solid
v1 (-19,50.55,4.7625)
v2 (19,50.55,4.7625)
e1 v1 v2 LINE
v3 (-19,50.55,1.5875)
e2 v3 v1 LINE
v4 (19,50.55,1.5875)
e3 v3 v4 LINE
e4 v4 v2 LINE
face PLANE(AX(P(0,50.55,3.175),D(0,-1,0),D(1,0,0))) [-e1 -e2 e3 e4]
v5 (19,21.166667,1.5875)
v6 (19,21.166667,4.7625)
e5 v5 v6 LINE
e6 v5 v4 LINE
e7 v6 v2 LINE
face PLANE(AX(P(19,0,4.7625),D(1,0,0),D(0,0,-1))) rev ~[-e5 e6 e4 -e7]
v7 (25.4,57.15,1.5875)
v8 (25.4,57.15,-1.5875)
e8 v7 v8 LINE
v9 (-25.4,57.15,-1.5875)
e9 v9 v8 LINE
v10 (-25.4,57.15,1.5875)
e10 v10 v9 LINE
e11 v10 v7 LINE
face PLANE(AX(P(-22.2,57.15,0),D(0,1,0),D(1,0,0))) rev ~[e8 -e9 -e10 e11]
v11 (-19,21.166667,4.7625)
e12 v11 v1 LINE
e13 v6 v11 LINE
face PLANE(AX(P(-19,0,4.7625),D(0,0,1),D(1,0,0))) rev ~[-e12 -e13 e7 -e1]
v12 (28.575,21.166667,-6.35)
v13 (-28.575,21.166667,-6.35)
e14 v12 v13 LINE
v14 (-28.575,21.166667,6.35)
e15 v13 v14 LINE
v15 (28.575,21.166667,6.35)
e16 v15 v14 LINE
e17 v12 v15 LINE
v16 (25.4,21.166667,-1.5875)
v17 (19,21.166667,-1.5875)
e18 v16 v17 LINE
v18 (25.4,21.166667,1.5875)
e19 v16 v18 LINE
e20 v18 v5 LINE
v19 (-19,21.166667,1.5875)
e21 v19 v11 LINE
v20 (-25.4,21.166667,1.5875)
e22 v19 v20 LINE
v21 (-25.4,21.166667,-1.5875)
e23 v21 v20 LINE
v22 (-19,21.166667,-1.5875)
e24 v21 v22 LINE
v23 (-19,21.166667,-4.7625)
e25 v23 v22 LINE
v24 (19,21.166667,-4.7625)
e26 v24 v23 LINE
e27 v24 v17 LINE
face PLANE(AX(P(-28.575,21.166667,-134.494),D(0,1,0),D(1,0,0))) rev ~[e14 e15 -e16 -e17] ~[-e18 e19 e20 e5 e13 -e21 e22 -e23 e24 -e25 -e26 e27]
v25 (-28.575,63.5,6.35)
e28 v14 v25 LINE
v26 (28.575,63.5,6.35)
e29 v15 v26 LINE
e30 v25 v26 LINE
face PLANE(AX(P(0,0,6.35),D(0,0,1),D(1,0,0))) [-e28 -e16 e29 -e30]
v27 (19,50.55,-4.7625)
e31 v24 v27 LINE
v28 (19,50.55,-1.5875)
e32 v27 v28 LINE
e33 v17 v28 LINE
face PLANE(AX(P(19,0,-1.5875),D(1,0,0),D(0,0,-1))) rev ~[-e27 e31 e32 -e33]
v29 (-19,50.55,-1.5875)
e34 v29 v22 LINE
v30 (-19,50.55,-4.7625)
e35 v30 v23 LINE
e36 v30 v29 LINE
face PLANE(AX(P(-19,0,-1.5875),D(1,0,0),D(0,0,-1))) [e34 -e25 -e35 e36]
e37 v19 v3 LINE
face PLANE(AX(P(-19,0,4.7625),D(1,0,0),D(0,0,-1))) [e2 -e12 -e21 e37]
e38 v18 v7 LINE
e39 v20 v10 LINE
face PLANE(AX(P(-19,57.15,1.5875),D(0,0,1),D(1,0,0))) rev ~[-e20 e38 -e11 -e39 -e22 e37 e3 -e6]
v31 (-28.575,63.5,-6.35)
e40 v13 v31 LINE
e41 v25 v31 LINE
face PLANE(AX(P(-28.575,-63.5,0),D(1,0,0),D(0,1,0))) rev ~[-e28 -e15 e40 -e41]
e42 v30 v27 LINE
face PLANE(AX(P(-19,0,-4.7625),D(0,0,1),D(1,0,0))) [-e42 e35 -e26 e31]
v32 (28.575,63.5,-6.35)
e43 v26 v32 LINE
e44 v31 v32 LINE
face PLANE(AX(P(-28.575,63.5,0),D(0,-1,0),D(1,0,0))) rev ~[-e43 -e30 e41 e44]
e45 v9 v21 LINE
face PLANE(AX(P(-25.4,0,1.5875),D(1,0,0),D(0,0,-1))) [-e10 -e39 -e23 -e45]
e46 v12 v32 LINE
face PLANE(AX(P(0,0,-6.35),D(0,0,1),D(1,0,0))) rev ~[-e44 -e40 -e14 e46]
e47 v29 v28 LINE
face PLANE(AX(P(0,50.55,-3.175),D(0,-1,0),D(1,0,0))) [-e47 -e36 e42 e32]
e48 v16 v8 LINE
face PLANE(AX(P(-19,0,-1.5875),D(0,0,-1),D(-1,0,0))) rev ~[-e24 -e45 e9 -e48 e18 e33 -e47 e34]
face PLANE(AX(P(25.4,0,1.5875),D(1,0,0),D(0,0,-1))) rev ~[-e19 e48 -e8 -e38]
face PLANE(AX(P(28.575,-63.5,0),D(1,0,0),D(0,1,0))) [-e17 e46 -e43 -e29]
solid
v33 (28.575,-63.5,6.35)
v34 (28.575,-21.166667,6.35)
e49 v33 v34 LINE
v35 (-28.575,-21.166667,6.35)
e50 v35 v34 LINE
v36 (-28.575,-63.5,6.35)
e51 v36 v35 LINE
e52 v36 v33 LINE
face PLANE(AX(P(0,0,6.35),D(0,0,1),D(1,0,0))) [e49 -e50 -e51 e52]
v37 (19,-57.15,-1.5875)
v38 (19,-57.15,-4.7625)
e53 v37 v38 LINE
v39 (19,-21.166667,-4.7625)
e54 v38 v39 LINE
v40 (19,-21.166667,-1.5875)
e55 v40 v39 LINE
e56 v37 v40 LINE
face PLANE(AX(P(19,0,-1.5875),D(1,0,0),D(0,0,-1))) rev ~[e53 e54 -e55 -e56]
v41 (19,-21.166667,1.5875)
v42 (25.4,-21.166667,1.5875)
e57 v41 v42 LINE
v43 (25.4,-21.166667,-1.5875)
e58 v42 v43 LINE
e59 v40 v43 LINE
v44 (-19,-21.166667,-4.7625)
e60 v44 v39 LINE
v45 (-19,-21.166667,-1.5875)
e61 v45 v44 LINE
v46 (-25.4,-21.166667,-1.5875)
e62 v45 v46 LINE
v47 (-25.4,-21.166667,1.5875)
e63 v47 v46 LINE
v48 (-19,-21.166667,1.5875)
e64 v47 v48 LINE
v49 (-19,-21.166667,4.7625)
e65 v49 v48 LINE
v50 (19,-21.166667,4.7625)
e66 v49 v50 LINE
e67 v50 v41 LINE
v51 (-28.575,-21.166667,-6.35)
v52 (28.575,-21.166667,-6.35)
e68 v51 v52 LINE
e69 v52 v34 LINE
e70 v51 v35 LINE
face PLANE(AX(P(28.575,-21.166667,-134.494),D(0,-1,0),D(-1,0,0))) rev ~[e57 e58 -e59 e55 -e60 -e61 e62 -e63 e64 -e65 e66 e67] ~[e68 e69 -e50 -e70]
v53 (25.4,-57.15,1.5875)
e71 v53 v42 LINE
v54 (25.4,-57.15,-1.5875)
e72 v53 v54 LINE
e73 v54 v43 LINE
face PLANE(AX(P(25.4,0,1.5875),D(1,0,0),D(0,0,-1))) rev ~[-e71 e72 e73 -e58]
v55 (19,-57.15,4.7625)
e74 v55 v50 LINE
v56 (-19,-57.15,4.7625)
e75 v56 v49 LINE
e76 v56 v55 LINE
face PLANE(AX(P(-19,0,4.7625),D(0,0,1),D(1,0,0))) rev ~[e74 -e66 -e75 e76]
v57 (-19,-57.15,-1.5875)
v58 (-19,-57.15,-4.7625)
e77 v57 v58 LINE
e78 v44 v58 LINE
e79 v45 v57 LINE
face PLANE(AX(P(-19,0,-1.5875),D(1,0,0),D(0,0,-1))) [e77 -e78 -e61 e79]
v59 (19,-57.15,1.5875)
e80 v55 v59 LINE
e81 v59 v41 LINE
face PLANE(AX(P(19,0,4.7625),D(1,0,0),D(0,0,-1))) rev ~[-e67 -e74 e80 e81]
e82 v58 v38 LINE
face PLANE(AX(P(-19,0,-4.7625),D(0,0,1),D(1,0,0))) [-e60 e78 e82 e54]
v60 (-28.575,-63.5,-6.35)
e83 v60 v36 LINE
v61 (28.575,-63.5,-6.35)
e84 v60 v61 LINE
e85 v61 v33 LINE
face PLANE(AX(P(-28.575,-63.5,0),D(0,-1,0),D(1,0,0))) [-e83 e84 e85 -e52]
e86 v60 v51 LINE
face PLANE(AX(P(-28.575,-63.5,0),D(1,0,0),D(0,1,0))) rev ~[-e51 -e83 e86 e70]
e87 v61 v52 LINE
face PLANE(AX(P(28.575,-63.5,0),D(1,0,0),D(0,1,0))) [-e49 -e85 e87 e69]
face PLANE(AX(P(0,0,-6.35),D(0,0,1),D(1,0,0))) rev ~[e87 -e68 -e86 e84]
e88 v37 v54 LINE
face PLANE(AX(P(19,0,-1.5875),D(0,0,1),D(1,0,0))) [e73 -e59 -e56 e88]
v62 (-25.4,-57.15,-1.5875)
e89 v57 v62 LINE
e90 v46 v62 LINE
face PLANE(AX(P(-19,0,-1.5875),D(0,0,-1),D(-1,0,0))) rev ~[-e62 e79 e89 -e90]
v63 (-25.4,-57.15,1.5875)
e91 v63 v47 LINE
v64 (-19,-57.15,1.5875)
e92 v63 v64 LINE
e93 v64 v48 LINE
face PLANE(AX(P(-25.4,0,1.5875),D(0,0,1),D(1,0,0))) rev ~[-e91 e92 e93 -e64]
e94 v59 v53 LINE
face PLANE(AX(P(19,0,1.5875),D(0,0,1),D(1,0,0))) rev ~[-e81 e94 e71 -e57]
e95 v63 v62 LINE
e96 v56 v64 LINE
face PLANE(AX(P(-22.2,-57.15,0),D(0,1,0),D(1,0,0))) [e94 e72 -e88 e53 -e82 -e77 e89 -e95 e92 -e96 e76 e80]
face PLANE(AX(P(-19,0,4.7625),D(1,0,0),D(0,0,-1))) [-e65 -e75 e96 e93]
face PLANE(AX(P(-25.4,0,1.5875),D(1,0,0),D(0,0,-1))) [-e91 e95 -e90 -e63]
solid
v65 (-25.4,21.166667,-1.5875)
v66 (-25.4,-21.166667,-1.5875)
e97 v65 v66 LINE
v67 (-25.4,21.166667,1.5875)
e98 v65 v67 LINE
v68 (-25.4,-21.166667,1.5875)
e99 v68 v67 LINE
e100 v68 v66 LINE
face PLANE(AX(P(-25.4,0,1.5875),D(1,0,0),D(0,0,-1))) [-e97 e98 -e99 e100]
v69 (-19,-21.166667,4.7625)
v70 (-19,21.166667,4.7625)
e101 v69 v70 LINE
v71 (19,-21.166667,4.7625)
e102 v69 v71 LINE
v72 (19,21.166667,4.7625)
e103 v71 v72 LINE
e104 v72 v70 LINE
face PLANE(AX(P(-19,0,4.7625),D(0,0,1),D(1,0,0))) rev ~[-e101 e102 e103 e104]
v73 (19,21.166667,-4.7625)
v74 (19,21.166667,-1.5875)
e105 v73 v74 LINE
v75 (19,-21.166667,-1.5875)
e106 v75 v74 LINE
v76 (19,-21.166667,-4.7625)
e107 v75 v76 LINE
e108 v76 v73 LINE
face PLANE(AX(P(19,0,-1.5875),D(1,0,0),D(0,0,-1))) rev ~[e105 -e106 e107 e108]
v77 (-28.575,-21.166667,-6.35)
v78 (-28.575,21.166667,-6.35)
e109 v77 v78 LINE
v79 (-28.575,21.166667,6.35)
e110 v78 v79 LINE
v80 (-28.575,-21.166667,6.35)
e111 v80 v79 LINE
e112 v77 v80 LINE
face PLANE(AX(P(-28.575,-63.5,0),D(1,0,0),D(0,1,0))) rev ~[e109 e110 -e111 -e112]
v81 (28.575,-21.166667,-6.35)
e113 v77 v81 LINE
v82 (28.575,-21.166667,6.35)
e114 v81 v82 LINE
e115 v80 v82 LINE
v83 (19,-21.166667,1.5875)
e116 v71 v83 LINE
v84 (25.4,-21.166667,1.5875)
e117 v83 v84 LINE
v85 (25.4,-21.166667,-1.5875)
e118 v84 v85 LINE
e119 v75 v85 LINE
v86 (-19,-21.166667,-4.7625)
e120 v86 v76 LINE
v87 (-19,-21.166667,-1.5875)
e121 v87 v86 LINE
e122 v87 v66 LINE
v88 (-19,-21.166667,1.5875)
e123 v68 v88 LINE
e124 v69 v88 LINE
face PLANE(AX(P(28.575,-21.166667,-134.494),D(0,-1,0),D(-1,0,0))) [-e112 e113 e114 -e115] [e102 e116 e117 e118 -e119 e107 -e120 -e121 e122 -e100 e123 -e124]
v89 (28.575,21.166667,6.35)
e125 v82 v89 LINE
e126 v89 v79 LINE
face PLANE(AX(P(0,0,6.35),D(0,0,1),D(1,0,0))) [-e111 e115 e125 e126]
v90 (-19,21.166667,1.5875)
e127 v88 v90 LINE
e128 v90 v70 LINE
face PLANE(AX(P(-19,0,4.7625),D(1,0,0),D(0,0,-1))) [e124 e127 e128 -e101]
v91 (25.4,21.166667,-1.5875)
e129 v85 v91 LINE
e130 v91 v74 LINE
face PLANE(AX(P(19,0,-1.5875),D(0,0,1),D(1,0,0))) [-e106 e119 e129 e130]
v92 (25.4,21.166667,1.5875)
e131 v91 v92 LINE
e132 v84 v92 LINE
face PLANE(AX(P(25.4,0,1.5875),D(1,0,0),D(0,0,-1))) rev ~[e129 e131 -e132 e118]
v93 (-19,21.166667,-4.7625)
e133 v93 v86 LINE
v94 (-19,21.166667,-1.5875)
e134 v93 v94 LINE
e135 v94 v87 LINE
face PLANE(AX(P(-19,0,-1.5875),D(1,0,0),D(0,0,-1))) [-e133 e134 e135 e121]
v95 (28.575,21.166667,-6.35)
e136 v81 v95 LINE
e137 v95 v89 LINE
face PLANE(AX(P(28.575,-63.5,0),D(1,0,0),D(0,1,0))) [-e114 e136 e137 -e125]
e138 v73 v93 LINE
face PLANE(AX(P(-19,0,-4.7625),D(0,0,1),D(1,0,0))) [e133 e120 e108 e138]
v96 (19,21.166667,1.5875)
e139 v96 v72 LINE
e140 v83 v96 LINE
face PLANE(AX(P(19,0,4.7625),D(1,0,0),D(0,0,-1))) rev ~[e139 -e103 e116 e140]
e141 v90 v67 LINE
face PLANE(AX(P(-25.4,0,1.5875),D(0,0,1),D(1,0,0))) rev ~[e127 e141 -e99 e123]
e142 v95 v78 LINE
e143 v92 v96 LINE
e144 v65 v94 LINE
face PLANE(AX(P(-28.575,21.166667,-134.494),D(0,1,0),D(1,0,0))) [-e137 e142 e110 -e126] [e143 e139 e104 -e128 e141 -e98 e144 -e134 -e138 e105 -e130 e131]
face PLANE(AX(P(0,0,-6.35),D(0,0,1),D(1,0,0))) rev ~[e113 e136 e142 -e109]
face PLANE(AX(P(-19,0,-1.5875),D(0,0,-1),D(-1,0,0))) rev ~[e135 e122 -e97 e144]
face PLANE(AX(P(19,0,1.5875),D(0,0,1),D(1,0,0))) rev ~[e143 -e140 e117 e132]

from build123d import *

# Parameters (mm, degrees)
SKETCH1_W                = 57.15
SKETCH1_H                = 127
BOSS_EXTRUDE1_DEPTH      = 6.35
SKETCH2_W                = 6.400000027
SKETCH2_H                = 3.175
SKETCH2_W_2              = 37.999999946
CUT_EXTRUDE1_DEPTH       = 57.15
SPLIT1_SURFACE_1_1_BACK  = 140.844
SPLIT1_SURFACE_1_1_DEPTH = 281.688
SPLIT1_SURFACE_1_2_BACK  = 140.844
SPLIT1_SURFACE_1_2_DEPTH = 281.688
SPLIT1_SURFACE_2_3_BACK  = 140.844
SPLIT1_SURFACE_2_3_DEPTH = 281.688
SPLIT1_SURFACE_2_4_BACK  = 140.844
SPLIT1_SURFACE_2_4_DEPTH = 281.688
SKETCH4_W                = 37.999999946
SKETCH4_H                = 3.175
BOSS_EXTRUDE2_DEPTH      = 6.600000008


with BuildPart() as part:
    # Sketch1 → Boss-Extrude1 (new, symmetric)
    with BuildSketch(Plane.XY):
        Rectangle(SKETCH1_W, SKETCH1_H)
    extrude(amount=BOSS_EXTRUDE1_DEPTH, both=True)

    # Sketch2 → Cut-Extrude1 (cut, symmetric)
    with BuildSketch(Plane(origin=(0, 0, 0), x_dir=(1, 0, 0), z_dir=(0, 1, 0))):
        with Locations((-22.199999987, 0)):
            Rectangle(SKETCH2_W, SKETCH2_H)
        Rectangle(SKETCH2_W_2, SKETCH2_H)
        with Locations((0, 3.175)):
            Rectangle(SKETCH2_W_2, SKETCH2_H)
        with Locations((0, -3.175)):
            Rectangle(SKETCH2_W_2, SKETCH2_H)
        with Locations((22.199999987, 0)):
            Rectangle(SKETCH2_W, SKETCH2_H)
    extrude(amount=CUT_EXTRUDE1_DEPTH, both=True, mode=Mode.SUBTRACT)


with BuildPart() as body_2:
    # Split1: the piece behind the surface
    add(part.part)
    # Split1 surface 1: a surface, the sketch's curves swept straight by 281.688 mm
    with BuildLine(Plane.XY.offset(6.35).offset(-SPLIT1_SURFACE_1_1_BACK), mode=Mode.PRIVATE) as split1_surface_1_1_path:
        Line((-28.575, 21.166666667), (28.575, 21.166666667))
    split1_surface_1_1 = Shell.extrude(split1_surface_1_1_path.wire(), (0 * SPLIT1_SURFACE_1_1_DEPTH, 0 * SPLIT1_SURFACE_1_1_DEPTH, 1 * SPLIT1_SURFACE_1_1_DEPTH))
    split(bisect_by=split1_surface_1_1, keep=Keep.BOTTOM)


with BuildPart() as part_1:
    add(part.part)

    # Split1: split by a surface, the side it looks to stays
    # Split1 surface 1: a surface, the sketch's curves swept straight by 281.688 mm
    with BuildLine(Plane.XY.offset(6.35).offset(-SPLIT1_SURFACE_1_2_BACK), mode=Mode.PRIVATE) as split1_surface_1_2_path:
        Line((-28.575, 21.166666667), (28.575, 21.166666667))
    split1_surface_1_2 = Shell.extrude(split1_surface_1_2_path.wire(), (0 * SPLIT1_SURFACE_1_2_DEPTH, 0 * SPLIT1_SURFACE_1_2_DEPTH, 1 * SPLIT1_SURFACE_1_2_DEPTH))
    split(bisect_by=split1_surface_1_2, keep=Keep.TOP)

    # Sketch4 → Boss-Extrude2 (add)
    with BuildSketch(Plane.XZ.offset(-57.15)):
        with Locations((0, 3.175)):
            Rectangle(SKETCH4_W, SKETCH4_H)
        with Locations((0, -3.175)):
            Rectangle(SKETCH4_W, SKETCH4_H)
    extrude(amount=BOSS_EXTRUDE2_DEPTH)


with BuildPart() as body_3:
    # Split1 2 body 2: the piece behind the surface
    add(body_2.part)
    # Split1 surface 2: a surface, the sketch's curves swept straight by 281.688 mm
    with BuildLine(Plane.XY.offset(6.35).offset(-SPLIT1_SURFACE_2_3_BACK), mode=Mode.PRIVATE) as split1_surface_2_3_path:
        Line((28.575, -21.166666667), (-28.575, -21.166666667))
    split1_surface_2_3 = Shell.extrude(split1_surface_2_3_path.wire(), (0 * SPLIT1_SURFACE_2_3_DEPTH, 0 * SPLIT1_SURFACE_2_3_DEPTH, 1 * SPLIT1_SURFACE_2_3_DEPTH))
    split(bisect_by=split1_surface_2_3, keep=Keep.BOTTOM)


with BuildPart() as body_2_1:
    add(body_2.part)

    # Split1 2 body 2: split by a surface, the side it looks to stays
    # Split1 surface 2: a surface, the sketch's curves swept straight by 281.688 mm
    with BuildLine(Plane.XY.offset(6.35).offset(-SPLIT1_SURFACE_2_4_BACK), mode=Mode.PRIVATE) as split1_surface_2_4_path:
        Line((28.575, -21.166666667), (-28.575, -21.166666667))
    split1_surface_2_4 = Shell.extrude(split1_surface_2_4_path.wire(), (0 * SPLIT1_SURFACE_2_4_DEPTH, 0 * SPLIT1_SURFACE_2_4_DEPTH, 1 * SPLIT1_SURFACE_2_4_DEPTH))
    split(bisect_by=split1_surface_2_4, keep=Keep.TOP)


solid = Compound([part_1.part, body_3.part, body_2_1.part])
